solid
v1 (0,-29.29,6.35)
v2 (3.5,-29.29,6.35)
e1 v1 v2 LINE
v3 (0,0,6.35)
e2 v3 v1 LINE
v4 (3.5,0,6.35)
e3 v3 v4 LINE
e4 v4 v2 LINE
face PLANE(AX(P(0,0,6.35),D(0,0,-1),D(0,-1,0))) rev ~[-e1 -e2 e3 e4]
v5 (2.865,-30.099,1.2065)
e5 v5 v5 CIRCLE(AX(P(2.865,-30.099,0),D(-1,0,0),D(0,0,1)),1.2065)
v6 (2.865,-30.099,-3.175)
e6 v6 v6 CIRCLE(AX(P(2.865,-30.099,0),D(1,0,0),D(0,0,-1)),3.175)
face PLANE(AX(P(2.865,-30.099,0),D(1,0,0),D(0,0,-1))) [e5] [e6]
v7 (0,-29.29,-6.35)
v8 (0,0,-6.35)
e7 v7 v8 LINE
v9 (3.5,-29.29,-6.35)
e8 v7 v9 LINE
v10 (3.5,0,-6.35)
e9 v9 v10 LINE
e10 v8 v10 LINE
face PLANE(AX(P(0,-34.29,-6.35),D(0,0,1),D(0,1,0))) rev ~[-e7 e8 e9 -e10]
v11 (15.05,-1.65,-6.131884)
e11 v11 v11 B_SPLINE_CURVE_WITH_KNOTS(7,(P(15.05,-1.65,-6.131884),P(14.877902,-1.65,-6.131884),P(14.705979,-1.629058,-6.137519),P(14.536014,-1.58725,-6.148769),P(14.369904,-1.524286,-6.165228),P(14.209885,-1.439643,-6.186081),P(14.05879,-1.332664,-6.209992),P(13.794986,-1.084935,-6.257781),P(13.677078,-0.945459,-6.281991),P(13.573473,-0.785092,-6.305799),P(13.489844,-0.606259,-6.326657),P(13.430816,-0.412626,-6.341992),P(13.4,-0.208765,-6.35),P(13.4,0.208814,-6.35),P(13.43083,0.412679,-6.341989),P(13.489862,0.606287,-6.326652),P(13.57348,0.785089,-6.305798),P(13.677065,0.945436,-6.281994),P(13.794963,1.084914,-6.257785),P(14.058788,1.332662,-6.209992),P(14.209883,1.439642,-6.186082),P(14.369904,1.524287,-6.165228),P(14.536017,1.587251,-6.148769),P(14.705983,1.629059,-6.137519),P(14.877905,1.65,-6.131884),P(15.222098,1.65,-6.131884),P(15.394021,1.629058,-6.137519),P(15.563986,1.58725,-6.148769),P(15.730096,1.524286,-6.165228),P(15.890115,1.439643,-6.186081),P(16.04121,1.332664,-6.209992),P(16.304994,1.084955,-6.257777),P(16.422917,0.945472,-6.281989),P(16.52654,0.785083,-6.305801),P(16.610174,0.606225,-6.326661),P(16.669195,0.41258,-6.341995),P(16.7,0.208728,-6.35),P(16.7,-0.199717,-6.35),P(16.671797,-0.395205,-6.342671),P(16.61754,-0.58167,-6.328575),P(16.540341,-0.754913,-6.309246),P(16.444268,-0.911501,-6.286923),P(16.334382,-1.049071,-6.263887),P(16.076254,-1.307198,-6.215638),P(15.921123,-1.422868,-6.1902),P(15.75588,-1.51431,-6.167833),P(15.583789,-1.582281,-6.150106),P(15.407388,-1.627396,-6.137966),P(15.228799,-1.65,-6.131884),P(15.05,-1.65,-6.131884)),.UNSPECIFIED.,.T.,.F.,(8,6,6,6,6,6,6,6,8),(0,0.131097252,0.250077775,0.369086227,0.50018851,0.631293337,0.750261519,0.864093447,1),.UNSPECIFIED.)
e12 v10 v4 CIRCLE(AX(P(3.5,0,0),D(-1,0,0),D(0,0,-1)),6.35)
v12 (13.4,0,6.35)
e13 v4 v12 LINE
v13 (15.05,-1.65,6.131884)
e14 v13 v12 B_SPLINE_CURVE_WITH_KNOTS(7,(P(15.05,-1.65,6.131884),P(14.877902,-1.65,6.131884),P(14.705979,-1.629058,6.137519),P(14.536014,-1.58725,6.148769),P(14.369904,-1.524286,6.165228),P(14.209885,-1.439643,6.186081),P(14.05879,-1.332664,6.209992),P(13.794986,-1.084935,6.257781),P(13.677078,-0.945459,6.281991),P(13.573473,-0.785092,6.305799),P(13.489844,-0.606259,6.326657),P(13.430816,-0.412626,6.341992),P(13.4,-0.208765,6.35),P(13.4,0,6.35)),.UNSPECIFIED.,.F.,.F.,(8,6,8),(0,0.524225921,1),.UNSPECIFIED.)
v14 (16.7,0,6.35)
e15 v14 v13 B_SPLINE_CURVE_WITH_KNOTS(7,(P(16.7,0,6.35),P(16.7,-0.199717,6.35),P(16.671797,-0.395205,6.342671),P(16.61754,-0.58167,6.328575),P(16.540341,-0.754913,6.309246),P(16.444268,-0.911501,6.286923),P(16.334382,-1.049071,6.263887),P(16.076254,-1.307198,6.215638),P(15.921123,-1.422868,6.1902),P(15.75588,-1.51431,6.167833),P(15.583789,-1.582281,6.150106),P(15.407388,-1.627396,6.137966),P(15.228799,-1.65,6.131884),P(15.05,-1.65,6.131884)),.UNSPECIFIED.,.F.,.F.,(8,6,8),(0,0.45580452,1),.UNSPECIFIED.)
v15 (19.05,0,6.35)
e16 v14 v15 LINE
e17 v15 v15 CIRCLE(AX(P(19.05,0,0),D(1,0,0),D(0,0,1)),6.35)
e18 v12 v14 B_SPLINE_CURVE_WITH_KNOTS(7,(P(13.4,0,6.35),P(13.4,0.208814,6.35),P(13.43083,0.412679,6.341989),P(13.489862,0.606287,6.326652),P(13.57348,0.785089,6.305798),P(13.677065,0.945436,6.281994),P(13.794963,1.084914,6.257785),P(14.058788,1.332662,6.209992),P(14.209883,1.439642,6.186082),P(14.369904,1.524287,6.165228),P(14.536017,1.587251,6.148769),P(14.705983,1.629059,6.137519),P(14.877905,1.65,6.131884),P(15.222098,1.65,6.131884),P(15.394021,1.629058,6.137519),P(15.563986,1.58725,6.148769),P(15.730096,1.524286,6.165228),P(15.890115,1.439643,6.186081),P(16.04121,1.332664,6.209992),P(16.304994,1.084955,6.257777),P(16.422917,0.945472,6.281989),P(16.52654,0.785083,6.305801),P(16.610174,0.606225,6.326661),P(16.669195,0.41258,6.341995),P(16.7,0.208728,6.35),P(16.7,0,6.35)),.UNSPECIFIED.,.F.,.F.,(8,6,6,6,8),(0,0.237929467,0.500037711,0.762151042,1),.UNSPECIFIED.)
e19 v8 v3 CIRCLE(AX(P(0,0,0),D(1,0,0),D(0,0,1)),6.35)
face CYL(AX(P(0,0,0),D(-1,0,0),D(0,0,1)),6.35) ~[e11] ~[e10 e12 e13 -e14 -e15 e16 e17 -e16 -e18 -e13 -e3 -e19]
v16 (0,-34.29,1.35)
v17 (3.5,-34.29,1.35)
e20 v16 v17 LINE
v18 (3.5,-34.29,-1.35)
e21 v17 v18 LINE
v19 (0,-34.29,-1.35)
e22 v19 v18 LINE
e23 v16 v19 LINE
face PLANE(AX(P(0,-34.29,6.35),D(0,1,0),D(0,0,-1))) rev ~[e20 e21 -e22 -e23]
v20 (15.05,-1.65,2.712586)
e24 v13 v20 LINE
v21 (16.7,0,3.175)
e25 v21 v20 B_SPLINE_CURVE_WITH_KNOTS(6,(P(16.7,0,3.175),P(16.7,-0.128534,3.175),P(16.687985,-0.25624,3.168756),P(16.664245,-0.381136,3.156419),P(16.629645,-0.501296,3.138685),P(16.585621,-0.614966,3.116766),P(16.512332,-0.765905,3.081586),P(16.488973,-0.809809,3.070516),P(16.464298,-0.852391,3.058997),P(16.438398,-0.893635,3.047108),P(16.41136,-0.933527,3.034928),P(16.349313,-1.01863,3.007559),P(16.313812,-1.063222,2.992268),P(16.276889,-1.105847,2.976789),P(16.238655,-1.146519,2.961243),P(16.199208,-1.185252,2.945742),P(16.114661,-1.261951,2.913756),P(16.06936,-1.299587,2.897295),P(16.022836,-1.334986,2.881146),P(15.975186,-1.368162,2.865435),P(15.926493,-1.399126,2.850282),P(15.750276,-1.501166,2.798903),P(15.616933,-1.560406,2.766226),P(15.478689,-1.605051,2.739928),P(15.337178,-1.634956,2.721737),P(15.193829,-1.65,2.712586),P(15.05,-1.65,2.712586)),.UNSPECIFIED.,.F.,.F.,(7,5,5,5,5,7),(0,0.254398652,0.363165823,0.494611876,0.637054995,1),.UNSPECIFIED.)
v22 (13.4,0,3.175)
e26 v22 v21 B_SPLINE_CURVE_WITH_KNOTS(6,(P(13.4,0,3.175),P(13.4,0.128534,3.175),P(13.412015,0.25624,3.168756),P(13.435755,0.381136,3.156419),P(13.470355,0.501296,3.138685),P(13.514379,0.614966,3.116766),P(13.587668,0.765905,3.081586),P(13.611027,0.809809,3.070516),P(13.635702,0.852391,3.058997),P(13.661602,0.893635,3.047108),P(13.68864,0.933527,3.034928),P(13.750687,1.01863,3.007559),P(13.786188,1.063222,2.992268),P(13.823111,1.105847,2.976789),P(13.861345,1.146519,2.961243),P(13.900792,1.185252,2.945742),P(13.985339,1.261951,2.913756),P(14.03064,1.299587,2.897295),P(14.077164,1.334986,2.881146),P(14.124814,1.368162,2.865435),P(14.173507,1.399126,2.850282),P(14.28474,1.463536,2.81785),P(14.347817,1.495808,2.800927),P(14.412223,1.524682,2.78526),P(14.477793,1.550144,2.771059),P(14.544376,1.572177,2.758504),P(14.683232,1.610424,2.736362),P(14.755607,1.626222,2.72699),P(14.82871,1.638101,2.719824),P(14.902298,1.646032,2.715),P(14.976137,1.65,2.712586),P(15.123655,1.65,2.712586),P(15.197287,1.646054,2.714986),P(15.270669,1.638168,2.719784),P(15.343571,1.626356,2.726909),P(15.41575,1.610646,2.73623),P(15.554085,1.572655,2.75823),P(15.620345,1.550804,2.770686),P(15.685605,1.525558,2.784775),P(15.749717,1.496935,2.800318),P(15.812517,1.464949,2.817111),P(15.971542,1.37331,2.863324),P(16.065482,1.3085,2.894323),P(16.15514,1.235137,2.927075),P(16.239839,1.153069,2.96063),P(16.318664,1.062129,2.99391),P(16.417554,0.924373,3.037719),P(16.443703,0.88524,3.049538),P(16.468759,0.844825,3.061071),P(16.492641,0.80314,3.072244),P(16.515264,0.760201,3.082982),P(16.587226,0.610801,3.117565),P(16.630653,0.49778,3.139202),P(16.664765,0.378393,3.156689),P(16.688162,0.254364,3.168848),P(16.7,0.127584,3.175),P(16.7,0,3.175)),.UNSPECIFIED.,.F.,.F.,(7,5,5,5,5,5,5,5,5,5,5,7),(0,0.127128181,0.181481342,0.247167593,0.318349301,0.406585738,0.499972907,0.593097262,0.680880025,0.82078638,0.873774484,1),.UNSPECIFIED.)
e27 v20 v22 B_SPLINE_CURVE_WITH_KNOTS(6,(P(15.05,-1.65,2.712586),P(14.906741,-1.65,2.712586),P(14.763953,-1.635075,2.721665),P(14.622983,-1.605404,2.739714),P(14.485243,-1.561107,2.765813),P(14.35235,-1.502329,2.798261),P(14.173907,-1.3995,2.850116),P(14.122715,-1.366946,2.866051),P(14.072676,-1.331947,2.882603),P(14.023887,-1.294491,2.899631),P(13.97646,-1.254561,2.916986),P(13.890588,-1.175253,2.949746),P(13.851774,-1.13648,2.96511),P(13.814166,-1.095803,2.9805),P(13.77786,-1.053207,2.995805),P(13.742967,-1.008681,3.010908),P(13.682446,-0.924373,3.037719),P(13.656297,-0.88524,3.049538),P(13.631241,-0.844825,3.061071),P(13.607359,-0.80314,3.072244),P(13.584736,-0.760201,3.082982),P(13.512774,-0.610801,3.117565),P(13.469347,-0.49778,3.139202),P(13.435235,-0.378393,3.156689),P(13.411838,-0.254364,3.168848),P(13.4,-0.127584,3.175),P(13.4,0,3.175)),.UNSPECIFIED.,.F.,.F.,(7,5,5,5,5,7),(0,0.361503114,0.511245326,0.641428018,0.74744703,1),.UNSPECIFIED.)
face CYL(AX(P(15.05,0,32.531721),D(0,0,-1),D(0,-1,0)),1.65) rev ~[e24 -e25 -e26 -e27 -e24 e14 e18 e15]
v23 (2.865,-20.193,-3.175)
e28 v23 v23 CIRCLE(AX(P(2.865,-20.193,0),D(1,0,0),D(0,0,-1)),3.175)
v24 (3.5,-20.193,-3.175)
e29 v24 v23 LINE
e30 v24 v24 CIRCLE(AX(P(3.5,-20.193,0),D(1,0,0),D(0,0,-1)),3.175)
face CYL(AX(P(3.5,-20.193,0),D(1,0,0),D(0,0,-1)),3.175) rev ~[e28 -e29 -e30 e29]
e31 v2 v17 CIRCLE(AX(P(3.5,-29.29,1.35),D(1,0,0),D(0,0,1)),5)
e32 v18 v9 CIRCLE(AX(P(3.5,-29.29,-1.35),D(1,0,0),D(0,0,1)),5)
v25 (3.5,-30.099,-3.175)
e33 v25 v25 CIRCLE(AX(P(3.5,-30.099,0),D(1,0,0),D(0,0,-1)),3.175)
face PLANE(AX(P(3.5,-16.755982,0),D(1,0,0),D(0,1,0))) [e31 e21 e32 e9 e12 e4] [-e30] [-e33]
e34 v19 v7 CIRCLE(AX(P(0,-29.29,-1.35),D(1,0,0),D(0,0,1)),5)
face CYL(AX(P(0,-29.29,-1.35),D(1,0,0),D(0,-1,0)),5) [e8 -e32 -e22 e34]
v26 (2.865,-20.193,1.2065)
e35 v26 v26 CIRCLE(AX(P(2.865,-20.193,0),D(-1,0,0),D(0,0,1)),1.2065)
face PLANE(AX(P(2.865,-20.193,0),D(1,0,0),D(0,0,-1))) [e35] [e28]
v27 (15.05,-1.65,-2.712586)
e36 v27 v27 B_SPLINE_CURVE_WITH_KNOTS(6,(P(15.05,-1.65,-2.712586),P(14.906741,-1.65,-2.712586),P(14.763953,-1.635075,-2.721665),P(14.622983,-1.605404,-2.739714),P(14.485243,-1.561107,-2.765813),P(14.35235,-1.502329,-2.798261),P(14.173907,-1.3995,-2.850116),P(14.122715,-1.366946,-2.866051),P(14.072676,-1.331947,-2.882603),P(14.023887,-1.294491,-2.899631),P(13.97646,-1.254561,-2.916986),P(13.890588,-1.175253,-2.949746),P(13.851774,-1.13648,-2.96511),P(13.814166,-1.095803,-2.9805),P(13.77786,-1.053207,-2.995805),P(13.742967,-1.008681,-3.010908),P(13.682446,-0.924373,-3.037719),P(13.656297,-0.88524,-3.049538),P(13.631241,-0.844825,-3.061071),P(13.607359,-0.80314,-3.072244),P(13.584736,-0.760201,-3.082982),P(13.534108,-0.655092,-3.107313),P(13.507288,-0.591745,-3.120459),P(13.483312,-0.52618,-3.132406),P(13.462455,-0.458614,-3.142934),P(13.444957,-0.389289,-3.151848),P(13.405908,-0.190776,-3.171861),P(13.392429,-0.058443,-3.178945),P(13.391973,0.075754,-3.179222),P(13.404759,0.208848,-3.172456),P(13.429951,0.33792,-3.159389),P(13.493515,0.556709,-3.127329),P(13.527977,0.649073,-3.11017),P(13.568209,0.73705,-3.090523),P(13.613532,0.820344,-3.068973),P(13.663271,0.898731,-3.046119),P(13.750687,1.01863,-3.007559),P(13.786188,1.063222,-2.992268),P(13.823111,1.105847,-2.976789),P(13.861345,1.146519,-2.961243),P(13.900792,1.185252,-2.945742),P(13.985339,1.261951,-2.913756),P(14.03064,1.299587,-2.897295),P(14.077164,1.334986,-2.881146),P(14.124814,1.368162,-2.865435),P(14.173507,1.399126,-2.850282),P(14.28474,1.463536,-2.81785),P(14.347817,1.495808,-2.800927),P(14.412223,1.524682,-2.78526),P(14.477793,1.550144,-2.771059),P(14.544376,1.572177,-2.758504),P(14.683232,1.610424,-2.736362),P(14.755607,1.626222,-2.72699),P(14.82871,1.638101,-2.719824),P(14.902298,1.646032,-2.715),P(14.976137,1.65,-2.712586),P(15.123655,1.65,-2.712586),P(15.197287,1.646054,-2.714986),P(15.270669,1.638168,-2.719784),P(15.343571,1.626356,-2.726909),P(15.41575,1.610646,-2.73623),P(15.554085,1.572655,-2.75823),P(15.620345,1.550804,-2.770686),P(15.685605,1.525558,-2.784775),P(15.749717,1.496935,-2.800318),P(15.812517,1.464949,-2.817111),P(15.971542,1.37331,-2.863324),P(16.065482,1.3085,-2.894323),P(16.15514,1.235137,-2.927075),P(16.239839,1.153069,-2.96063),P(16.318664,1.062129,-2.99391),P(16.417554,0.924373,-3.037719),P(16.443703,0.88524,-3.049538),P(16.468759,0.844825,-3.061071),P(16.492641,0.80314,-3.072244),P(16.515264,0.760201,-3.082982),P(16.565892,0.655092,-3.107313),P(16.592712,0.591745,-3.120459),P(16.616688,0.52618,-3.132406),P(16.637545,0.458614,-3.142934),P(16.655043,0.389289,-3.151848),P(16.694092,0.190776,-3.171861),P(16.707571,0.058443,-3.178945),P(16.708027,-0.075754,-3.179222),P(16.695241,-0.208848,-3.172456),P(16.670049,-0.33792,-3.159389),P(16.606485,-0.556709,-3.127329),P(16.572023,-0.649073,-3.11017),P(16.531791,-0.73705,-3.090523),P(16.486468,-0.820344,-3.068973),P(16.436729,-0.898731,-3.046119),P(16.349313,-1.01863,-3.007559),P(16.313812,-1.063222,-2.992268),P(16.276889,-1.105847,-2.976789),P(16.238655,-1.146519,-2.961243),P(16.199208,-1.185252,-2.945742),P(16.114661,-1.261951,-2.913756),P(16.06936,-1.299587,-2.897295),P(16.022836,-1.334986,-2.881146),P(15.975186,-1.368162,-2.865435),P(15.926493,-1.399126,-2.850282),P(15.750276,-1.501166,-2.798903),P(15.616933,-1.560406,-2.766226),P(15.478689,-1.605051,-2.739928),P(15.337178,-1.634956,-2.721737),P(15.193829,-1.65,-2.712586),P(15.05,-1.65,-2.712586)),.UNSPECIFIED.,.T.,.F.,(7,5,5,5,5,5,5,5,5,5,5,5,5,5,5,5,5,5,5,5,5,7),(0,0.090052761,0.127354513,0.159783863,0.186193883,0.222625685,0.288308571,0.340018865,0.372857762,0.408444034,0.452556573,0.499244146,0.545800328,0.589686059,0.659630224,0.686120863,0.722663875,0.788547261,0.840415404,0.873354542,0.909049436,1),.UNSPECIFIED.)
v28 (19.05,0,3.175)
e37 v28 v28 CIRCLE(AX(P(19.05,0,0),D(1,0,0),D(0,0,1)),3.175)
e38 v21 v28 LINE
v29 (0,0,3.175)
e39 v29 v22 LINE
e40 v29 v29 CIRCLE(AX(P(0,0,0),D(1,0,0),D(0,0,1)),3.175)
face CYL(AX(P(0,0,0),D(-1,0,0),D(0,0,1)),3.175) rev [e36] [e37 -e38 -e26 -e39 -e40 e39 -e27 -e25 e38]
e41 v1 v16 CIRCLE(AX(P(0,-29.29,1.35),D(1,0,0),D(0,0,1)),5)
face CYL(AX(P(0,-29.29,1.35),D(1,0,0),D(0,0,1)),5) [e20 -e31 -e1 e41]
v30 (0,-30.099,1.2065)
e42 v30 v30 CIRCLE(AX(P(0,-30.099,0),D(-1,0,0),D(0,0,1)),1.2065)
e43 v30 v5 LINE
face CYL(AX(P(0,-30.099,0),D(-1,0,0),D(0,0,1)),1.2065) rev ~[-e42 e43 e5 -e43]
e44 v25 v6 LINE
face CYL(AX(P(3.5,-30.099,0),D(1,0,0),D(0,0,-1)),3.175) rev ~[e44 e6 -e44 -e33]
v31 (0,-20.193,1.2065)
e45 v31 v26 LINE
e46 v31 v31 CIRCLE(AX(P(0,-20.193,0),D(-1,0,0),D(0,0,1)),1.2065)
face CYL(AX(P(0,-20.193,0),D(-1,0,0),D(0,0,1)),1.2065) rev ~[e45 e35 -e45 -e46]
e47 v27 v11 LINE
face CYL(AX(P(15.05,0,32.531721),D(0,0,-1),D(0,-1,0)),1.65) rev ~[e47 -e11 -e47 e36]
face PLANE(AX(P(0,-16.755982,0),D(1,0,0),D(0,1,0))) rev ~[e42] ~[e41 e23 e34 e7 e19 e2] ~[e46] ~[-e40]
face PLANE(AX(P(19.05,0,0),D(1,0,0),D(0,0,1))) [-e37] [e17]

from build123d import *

# Parameters (mm, degrees)
SKETCH1_R             = 6.35
SKETCH1_R_2           = 3.175
BOSS_EXTRUDE1_DEPTH   = 19.05
M4X0_7_TAPPED_HOLE1_D = 3.3
BOSS_EXTRUDE3_DEPTH   = 3.5
FILLET2_R             = 5
SKETCH11_R            = 1.2065
CUT_EXTRUDE1_DEPTH    = 40.736999196
SKETCH12_R            = 3.175
CUT_EXTRUDE2_DEPTH    = 0.635


with BuildPart() as part:
    # Sketch1 → Boss-Extrude1 (new body)
    with BuildSketch(Plane.YZ):
        with Locations(Location((0, 0, 0), (0, 0, 90))):
            Circle(SKETCH1_R)
        with Locations(Location((0, 0, 0), (0, 0, 90))):
            Circle(SKETCH1_R_2, mode=Mode.SUBTRACT)
    extrude(amount=BOSS_EXTRUDE1_DEPTH)

    # M4x0.7 Tapped Hole1 (through all)
    with Locations(Plane(origin=(0, 0, 6.35), x_dir=(0, 1, 0), z_dir=(0, 0, 1))):
        with Locations((0, -15.05)):
            Hole(M4X0_7_TAPPED_HOLE1_D / 2)

    # Sketch10 → Boss-Extrude3 (add)
    with BuildSketch(Plane(origin=(0, 0, 0), x_dir=(0, -1, 0), z_dir=(-1, 0, 0))):
        with BuildLine():
            Line((0, 6.35), (34.29, 6.35))
            Line((34.29, 6.35), (34.29, -6.35))
            Line((34.29, -6.35), (0, -6.35))
            ThreePointArc((0, -6.35), (6.35, 0), (0, 6.35))
        make_face()
    extrude(amount=-BOSS_EXTRUDE3_DEPTH)

    # Fillet2
    fillet2_edges = [part.edges().sort_by_distance(p)[0] for p in [
        (1.75, -34.29, -6.35),
        (1.75, -34.29, 6.35),
    ]]
    fillet(fillet2_edges, radius=FILLET2_R)

    # Sketch11 → Cut-Extrude1 (cut, through all)
    with BuildSketch(Plane(origin=(0, 0, 0), x_dir=(0, -1, 0), z_dir=(-1, 0, 0))):
        with Locations(Location((30.099, 0, 0), (0, 0, 90))):
            Circle(SKETCH11_R)
        with Locations(Location((20.193, 0, 0), (0, 0, 90))):
            Circle(SKETCH11_R)
    extrude(amount=-CUT_EXTRUDE1_DEPTH, mode=Mode.SUBTRACT)

    # Sketch12 → Cut-Extrude2 (cut)
    with BuildSketch(Plane.YZ.offset(3.5)):
        with Locations(Location((-20.193, 0, 0), (0, 0, 270))):
            Circle(SKETCH12_R)
        with Locations(Location((-30.099, 0, 0), (0, 0, 270))):
            Circle(SKETCH12_R)
    extrude(amount=-CUT_EXTRUDE2_DEPTH, mode=Mode.SUBTRACT)


solid = part.part
